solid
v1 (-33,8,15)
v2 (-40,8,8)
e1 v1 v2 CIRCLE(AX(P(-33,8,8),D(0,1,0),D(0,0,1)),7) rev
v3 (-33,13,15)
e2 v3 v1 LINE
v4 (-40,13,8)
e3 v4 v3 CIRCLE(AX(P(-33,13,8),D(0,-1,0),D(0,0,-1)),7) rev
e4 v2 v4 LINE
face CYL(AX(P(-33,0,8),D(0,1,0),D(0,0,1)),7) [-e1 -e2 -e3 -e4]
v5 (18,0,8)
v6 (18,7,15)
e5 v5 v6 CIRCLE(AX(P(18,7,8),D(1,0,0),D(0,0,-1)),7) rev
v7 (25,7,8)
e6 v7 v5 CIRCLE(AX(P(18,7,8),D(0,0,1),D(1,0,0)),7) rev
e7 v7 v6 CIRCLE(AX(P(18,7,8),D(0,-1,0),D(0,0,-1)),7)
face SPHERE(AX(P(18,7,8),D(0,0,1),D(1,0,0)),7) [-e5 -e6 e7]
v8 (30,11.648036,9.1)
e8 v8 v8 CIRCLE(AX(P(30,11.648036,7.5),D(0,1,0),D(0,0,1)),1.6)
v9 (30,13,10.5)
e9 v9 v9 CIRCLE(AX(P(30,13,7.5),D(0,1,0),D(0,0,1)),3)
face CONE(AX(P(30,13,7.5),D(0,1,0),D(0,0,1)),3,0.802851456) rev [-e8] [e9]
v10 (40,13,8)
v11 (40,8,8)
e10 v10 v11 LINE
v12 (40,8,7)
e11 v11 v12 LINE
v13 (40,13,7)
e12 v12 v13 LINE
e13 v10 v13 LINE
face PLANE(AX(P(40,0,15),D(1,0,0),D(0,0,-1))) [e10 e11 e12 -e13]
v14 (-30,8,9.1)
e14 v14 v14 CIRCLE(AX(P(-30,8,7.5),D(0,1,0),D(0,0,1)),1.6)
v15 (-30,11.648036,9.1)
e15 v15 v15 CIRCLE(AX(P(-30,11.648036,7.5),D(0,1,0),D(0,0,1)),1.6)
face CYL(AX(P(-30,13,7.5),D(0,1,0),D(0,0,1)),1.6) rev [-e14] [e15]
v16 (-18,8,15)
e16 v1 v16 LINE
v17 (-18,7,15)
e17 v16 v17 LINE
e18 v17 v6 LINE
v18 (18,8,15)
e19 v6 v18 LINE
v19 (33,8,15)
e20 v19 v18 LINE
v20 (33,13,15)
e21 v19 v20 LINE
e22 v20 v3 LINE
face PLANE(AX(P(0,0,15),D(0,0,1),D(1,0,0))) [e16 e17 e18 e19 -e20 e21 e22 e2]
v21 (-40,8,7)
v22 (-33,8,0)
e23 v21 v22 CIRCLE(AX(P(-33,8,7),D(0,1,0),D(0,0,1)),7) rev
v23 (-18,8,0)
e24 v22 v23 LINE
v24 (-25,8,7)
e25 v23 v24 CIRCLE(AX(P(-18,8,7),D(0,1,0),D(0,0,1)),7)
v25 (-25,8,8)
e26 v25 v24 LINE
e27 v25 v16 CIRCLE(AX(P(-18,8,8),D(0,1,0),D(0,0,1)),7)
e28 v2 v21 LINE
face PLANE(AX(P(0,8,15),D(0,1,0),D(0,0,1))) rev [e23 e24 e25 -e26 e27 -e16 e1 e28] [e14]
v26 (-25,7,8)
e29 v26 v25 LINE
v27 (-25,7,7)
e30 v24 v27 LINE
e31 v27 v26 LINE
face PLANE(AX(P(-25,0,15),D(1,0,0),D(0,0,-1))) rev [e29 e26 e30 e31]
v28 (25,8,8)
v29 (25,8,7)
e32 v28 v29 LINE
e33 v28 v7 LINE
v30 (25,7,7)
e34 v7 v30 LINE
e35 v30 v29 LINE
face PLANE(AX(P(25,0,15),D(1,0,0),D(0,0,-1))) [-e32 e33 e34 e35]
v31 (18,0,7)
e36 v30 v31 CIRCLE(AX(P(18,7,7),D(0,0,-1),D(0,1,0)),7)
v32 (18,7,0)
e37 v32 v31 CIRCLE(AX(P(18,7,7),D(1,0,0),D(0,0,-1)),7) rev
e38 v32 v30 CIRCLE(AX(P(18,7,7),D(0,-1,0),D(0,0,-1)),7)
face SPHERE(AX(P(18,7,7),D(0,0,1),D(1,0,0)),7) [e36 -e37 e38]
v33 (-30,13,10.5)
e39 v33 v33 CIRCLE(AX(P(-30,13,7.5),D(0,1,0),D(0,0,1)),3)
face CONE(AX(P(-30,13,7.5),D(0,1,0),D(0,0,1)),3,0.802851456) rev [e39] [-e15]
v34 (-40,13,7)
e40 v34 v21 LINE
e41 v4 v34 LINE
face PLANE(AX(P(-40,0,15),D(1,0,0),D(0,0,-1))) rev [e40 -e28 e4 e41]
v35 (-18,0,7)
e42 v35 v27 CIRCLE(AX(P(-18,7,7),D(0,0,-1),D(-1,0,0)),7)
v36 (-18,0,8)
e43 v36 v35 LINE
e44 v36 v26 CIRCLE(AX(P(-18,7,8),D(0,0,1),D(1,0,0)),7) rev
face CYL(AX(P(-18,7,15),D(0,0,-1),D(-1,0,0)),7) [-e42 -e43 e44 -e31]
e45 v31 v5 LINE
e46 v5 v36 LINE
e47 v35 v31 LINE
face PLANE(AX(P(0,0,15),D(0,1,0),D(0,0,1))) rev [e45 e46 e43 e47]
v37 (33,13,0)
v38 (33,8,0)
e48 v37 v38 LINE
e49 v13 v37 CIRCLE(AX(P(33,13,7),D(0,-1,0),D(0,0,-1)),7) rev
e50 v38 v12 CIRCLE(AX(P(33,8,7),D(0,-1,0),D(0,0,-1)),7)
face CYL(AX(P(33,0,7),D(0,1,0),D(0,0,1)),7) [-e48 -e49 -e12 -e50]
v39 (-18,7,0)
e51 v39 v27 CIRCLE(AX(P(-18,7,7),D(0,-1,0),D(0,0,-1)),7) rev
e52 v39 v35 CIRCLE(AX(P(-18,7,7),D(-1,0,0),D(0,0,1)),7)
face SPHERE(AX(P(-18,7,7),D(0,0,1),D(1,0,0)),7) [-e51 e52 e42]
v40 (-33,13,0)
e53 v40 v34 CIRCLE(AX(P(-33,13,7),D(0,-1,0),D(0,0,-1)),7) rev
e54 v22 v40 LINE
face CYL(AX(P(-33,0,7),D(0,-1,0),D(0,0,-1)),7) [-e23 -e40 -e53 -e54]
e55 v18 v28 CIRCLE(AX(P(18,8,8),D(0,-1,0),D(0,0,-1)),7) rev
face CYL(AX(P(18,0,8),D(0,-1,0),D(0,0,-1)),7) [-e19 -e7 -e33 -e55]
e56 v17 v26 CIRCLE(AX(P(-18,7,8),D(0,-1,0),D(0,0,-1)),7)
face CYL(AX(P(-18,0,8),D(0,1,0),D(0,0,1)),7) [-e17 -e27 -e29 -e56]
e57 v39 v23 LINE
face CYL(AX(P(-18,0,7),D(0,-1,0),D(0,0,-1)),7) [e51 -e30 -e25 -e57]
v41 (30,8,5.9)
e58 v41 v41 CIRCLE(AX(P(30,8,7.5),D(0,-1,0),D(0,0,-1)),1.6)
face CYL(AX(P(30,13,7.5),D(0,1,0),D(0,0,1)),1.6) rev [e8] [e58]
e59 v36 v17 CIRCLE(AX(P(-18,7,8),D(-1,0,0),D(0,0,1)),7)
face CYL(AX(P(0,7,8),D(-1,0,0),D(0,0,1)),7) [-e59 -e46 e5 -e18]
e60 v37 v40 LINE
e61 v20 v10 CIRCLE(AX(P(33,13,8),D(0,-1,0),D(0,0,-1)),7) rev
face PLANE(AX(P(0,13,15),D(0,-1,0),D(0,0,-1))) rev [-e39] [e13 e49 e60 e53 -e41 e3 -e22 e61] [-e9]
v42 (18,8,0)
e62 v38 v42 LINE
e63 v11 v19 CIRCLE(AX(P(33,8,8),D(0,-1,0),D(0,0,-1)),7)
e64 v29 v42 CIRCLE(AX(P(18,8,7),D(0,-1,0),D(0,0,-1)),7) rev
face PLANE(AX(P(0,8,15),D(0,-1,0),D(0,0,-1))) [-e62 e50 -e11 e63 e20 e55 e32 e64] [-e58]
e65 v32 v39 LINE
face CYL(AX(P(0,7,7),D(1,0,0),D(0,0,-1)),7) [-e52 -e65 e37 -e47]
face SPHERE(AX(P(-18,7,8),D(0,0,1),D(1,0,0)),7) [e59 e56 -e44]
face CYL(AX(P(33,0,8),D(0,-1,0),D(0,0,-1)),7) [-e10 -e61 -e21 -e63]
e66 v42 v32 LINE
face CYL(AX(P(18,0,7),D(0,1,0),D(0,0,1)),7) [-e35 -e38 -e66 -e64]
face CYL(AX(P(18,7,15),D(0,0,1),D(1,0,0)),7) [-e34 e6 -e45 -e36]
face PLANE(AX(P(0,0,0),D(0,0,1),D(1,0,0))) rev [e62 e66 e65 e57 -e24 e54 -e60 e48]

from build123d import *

# Parameters (mm, degrees)
BOSS_EXTRU_1_DEPTH                                 = 15
FRAISAGE_POUR_VIS_T_TE_FRAIS_E_CRUCIFO_D           = 3.2
FRAISAGE_POUR_VIS_T_TE_FRAIS_E_CRUCIFO_CSINK_D     = 6
FRAISAGE_POUR_VIS_T_TE_FRAIS_E_CRUCIFO_CSINK_ANGLE = 92
CONG_1_R                                           = 7


with BuildPart() as part:
    # Esquisse1 → Boss.-Extru.1 (new body)
    with BuildSketch(Plane.XY):
        Polygon((0, 13), (-40, 13), (-40, 8), (-25, 8), (-25, 0), (0, 0), align=None)
        Polygon((40, 13), (0, 13), (0, 0), (25, 0), (25, 8), (40, 8), align=None)
    extrude(amount=BOSS_EXTRU_1_DEPTH)

    # Fraisage pour vis à tête fraisée cruciforme M31 (through all)
    with Locations(Plane(origin=(0, 13, 0), x_dir=(1, 0, 0), z_dir=(0, 1, 0))):
        with Locations((-30, -7.5), (30, -7.5)):
            CounterSinkHole(FRAISAGE_POUR_VIS_T_TE_FRAIS_E_CRUCIFO_D / 2, FRAISAGE_POUR_VIS_T_TE_FRAIS_E_CRUCIFO_CSINK_D / 2, counter_sink_angle=FRAISAGE_POUR_VIS_T_TE_FRAIS_E_CRUCIFO_CSINK_ANGLE)

    # Congé1
    cong_1_edges = [part.edges().sort_by_distance(p)[0] for p in [
        (40, 10.5, 0),
        (25, 4, 0),
        (0, 0, 0),
        (-25, 0, 7.5),
        (25, 0, 7.5),
        (40, 10.5, 15),
        (-40, 10.5, 15),
        (-25, 4, 15),
        (0, 0, 15),
        (-25, 4, 0),
        (25, 4, 15),
        (-40, 10.5, 0),
    ]]
    fillet(cong_1_edges, radius=CONG_1_R)


solid = part.part
